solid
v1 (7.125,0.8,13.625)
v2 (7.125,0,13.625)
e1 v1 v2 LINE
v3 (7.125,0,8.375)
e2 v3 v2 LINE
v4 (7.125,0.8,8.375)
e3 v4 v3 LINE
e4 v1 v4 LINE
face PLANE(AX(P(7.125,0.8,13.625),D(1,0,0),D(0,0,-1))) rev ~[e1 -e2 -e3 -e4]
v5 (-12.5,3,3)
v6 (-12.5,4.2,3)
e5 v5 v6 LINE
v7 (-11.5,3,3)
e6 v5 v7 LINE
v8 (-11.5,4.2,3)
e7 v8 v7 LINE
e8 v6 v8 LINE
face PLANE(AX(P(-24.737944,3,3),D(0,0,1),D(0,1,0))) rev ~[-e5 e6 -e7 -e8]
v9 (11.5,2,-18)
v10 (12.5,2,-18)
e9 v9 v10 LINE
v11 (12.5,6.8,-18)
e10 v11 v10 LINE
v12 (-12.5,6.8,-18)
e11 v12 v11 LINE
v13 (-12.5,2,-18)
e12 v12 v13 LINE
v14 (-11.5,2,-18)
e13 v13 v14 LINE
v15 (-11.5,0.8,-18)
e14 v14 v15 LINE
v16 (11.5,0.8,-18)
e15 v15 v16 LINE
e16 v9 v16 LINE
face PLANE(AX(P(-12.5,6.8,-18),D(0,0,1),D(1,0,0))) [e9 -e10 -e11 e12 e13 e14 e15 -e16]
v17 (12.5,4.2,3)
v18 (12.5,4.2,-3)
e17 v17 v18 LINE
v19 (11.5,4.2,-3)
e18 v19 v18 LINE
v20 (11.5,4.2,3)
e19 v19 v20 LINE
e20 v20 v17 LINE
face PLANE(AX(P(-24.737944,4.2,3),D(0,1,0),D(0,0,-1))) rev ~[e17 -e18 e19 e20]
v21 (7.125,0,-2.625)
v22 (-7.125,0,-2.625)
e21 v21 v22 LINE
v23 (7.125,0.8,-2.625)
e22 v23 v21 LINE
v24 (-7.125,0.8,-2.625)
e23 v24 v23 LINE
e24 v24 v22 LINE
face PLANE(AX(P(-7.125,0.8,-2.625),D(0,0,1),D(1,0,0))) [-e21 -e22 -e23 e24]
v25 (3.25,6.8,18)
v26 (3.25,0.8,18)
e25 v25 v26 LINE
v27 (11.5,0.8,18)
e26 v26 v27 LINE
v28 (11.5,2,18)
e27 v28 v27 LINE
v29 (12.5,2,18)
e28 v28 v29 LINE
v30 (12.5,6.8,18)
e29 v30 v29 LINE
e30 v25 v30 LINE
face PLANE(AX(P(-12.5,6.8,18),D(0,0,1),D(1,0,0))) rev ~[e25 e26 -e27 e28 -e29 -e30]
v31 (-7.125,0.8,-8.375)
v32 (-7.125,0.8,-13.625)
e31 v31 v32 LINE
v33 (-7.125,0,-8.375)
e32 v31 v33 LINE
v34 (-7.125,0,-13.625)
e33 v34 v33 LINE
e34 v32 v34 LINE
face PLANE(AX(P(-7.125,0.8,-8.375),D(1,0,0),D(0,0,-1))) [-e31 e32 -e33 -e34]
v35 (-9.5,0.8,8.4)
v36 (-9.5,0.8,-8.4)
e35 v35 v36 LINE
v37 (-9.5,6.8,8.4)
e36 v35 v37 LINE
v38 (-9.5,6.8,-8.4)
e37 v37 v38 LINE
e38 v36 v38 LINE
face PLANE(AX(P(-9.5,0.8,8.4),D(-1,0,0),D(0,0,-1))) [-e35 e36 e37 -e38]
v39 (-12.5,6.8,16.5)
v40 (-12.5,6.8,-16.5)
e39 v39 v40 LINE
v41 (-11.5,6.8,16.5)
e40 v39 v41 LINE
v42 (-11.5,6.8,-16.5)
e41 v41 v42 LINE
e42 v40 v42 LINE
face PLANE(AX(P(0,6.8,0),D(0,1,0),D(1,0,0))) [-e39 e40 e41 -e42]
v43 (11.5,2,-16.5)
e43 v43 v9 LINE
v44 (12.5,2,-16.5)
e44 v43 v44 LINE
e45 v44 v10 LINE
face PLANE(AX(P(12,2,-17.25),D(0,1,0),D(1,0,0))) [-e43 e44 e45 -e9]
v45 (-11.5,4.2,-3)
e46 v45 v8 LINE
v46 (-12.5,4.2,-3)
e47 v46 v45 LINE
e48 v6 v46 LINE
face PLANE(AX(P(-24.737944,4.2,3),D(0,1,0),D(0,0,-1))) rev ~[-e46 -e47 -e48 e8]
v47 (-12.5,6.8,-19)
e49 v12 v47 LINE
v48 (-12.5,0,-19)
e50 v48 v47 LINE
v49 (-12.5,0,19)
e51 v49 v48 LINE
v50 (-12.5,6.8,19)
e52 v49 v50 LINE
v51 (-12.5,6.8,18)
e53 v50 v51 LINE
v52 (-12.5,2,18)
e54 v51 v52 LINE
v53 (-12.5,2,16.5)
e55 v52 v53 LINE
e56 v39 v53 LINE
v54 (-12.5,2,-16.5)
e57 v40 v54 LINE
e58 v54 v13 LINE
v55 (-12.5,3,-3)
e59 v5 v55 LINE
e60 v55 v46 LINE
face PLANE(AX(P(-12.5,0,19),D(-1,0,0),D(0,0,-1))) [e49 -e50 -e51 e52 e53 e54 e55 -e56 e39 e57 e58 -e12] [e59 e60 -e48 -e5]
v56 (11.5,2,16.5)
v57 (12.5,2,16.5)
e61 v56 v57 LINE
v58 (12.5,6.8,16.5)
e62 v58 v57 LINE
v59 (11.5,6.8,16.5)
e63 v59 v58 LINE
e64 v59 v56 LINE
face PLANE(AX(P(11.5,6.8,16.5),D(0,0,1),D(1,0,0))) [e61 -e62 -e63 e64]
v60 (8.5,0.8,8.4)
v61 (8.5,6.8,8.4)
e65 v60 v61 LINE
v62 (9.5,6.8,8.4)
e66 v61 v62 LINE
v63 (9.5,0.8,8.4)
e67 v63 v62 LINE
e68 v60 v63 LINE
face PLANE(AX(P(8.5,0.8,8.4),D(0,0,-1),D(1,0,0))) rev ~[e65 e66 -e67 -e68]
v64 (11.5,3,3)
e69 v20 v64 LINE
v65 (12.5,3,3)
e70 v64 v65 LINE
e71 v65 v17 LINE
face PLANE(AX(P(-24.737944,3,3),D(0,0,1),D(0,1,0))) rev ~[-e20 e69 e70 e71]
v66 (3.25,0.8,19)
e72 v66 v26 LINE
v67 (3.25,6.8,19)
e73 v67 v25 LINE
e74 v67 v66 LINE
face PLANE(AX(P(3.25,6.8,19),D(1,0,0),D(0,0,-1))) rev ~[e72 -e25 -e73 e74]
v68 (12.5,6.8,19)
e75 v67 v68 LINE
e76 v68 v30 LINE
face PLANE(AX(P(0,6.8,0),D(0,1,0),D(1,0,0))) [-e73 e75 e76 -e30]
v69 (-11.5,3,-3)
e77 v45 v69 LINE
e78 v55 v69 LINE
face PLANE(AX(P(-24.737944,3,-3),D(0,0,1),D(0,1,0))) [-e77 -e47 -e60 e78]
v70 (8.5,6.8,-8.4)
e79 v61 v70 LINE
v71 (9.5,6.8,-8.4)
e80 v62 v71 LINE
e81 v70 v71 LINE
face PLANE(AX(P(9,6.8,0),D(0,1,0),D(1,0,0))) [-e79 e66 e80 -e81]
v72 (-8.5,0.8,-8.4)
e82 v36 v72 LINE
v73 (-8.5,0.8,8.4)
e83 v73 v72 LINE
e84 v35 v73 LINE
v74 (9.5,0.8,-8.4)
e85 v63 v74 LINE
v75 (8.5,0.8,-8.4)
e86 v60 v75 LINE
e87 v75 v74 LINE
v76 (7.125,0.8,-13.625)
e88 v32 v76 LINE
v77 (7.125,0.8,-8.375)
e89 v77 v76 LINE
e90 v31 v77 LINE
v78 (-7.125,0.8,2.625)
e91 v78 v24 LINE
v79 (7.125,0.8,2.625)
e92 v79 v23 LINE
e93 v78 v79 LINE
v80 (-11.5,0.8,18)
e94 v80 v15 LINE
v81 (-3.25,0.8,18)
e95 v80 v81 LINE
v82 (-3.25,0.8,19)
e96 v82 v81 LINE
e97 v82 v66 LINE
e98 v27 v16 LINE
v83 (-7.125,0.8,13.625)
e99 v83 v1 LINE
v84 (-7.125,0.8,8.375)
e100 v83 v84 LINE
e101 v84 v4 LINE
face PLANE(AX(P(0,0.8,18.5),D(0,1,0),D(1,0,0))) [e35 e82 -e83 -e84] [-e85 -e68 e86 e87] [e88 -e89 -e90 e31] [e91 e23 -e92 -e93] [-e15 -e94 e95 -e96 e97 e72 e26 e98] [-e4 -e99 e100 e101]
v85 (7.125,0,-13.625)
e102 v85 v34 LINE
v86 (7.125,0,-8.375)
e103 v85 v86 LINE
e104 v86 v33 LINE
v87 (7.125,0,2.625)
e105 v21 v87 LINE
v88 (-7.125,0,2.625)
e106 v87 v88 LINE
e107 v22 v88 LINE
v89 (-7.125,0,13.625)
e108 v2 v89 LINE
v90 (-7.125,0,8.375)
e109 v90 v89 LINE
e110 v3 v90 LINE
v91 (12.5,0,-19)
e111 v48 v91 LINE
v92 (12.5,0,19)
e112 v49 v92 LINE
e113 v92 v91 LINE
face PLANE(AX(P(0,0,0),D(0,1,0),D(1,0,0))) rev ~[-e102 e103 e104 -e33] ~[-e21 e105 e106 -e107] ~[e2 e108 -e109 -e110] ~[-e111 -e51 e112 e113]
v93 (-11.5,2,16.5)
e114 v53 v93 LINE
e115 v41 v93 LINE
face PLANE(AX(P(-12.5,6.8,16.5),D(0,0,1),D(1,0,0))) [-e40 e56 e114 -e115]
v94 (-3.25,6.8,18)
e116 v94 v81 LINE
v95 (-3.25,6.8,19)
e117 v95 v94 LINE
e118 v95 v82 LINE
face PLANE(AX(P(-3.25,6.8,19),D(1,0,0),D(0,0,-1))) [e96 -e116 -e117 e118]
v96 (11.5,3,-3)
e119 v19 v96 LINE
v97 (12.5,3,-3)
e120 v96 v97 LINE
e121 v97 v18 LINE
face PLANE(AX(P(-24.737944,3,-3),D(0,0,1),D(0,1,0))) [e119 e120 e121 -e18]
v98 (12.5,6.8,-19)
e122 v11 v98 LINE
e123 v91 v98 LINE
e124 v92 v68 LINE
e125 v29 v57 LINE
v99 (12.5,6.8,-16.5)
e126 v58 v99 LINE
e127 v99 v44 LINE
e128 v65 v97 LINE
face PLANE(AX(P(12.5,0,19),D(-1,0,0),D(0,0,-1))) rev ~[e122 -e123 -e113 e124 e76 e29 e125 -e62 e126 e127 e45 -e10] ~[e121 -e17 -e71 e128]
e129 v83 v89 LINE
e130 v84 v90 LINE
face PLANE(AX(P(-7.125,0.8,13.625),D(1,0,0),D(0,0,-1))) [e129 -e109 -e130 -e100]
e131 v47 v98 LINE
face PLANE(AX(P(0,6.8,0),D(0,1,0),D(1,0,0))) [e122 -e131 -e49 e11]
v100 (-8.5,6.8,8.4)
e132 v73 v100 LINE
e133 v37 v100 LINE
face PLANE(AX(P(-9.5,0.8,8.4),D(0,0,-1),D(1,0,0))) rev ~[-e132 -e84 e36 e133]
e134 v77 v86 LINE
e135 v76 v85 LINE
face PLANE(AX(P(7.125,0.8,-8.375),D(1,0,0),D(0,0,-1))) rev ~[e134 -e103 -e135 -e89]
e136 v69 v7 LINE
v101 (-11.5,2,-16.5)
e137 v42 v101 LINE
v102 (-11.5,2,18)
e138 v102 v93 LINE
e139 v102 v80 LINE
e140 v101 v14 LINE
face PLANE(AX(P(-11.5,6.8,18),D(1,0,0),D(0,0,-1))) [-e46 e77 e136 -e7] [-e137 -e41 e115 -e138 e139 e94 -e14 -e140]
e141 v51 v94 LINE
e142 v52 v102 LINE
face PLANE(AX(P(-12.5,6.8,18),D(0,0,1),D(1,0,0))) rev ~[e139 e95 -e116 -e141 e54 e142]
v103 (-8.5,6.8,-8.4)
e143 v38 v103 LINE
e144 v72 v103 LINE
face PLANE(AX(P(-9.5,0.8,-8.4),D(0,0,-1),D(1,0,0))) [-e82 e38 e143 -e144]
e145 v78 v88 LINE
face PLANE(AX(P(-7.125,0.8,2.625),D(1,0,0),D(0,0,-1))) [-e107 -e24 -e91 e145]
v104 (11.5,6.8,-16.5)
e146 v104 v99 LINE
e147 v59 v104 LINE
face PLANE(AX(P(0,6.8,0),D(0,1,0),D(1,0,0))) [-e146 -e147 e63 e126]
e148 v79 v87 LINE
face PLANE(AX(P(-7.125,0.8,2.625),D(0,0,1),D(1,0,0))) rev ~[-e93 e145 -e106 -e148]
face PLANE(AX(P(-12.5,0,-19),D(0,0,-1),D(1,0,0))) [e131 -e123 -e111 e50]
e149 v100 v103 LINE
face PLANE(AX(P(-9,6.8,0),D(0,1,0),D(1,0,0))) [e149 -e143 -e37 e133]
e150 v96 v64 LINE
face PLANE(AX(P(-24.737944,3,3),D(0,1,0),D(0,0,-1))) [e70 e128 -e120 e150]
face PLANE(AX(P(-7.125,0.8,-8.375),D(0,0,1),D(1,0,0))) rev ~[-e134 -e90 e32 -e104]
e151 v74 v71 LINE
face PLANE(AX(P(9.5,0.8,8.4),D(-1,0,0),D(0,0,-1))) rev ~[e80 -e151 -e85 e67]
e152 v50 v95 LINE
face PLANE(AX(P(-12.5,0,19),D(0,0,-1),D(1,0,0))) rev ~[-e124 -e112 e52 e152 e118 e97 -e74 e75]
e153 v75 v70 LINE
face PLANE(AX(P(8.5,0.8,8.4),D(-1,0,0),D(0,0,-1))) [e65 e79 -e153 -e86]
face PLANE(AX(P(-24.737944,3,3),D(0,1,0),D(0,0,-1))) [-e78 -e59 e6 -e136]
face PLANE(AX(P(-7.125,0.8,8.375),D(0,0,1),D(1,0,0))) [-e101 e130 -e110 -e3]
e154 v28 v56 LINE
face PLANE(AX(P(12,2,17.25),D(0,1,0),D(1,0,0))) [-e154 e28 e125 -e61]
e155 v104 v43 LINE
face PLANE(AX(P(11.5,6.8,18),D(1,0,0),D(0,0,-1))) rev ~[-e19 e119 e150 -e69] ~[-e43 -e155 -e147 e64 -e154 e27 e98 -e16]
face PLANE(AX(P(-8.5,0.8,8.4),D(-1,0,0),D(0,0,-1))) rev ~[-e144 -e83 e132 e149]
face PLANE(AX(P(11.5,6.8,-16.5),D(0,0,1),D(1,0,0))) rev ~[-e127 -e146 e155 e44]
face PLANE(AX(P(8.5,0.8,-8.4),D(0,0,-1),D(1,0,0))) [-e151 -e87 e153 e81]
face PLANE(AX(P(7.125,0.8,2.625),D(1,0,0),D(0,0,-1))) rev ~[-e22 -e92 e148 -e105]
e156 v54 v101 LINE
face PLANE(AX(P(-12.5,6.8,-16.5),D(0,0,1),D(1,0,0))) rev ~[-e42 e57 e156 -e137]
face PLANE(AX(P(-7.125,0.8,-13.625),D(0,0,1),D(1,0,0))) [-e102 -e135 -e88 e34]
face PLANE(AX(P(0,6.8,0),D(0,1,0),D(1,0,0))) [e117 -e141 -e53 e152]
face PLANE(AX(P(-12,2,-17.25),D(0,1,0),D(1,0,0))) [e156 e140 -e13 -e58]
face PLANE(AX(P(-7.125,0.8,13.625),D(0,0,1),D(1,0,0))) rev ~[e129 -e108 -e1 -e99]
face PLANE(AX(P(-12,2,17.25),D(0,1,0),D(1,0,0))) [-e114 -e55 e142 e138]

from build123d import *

# Parameters (mm, degrees)
SKETCH1_W                      = 25
SKETCH1_H                      = 38
BOSS_EXTRUDE1_DEPTH            = 6.8
SKETCH2_W                      = 23
SKETCH2_H                      = 36
CUT_EXTRUDE1_DEPTH             = 6
SKETCH2_3_W                    = 1
SKETCH2_3_H                    = 1.5
CUT_EXTRUDE2_DEPTH             = 4.8
CUT_EXTRUDE3_DEPTH             = 24.737944309
CUT_EXTRUDE3_DEPTH_BACK        = 24.737944309
SKETCH3_W                      = 6
SKETCH3_H                      = 1.2
CUT_EXTRUDE4_REACH             = 25.521
SKETCH4_W                      = 14.25
SKETCH4_H                      = 5.25
CUT_EXTRUDE4_DIRECTION_2_DEPTH = 24.521266973
SKETCH5_W                      = 1
SKETCH5_H                      = 16.8
BOSS_EXTRUDE2_DEPTH            = 6
SKETCH6_W                      = 6.5
SKETCH6_H                      = 1
CUT_EXTRUDE5_DEPTH             = 6


with BuildPart() as part:
    # Sketch1 → Boss-Extrude1 (new body)
    with BuildSketch(Plane(origin=(0, 0, 0), x_dir=(1, 0, 0), z_dir=(0, 1, 0))):
        Rectangle(SKETCH1_W, SKETCH1_H)
    extrude(amount=BOSS_EXTRUDE1_DEPTH)

    # Sketch2 → Cut-Extrude1 (cut)
    with BuildSketch(Plane(origin=(0, 6.8, 0), x_dir=(1, 0, 0), z_dir=(0, 1, 0))):
        Rectangle(SKETCH2_W, SKETCH2_H)
    extrude(amount=-CUT_EXTRUDE1_DEPTH, mode=Mode.SUBTRACT)

    # Sketch2<3> → Cut-Extrude2 (cut)
    with BuildSketch(Plane(origin=(0, 6.8, 0), x_dir=(1, 0, 0), z_dir=(0, 1, 0))):
        with Locations((-12, 17.25)):
            Rectangle(SKETCH2_3_W, SKETCH2_3_H)
        with Locations((12, 17.25)):
            Rectangle(SKETCH2_3_W, SKETCH2_3_H)
        with Locations((-12, -17.25)):
            Rectangle(SKETCH2_3_W, SKETCH2_3_H)
        with Locations((12, -17.25)):
            Rectangle(SKETCH2_3_W, SKETCH2_3_H)
    extrude(amount=-CUT_EXTRUDE2_DEPTH, mode=Mode.SUBTRACT)

    # Sketch3 → Cut-Extrude3 (cut, two sides: drawn at the far end of the back side and taken through both)
    with BuildSketch(Plane(origin=(0, 0, 0), x_dir=(0, 0, -1), z_dir=(1, 0, 0)).offset(-CUT_EXTRUDE3_DEPTH_BACK)):
        with Locations((0, 3.6)):
            Rectangle(SKETCH3_W, SKETCH3_H)
    extrude(amount=CUT_EXTRUDE3_DEPTH + CUT_EXTRUDE3_DEPTH_BACK, mode=Mode.SUBTRACT)

    # Sketch4 → Cut-Extrude4 (cut, up to next)
    with BuildSketch(Plane(origin=(0, 0.8, 0), x_dir=(1, 0, 0), z_dir=(0, 1, 0)), mode=Mode.PRIVATE) as cut_extrude4_sk1:
        with Locations((0, -11)):
            Rectangle(SKETCH4_W, SKETCH4_H)
    cut_extrude4_tool1 = extrude(cut_extrude4_sk1.sketch, amount=-CUT_EXTRUDE4_REACH, mode=Mode.PRIVATE) & part.part
    # Sketch4 → Cut-Extrude4 (cut, up to next)
    with BuildSketch(Plane(origin=(0, 0.8, 0), x_dir=(1, 0, 0), z_dir=(0, 1, 0)), mode=Mode.PRIVATE) as cut_extrude4_sk2:
        Rectangle(SKETCH4_W, SKETCH4_H)
    cut_extrude4_tool2 = extrude(cut_extrude4_sk2.sketch, amount=-CUT_EXTRUDE4_REACH, mode=Mode.PRIVATE) & part.part
    # Sketch4 → Cut-Extrude4 (cut, up to next)
    with BuildSketch(Plane(origin=(0, 0.8, 0), x_dir=(1, 0, 0), z_dir=(0, 1, 0)), mode=Mode.PRIVATE) as cut_extrude4_sk3:
        with Locations((0, 11)):
            Rectangle(SKETCH4_W, SKETCH4_H)
    cut_extrude4_tool3 = extrude(cut_extrude4_sk3.sketch, amount=-CUT_EXTRUDE4_REACH, mode=Mode.PRIVATE) & part.part
    add(cut_extrude4_tool1.solids().sort_by_distance((0, 0.8, 11))[0], mode=Mode.SUBTRACT)
    add(cut_extrude4_tool2.solids().sort_by_distance((0, 0.8, 0))[0], mode=Mode.SUBTRACT)
    add(cut_extrude4_tool3.solids().sort_by_distance((0, 0.8, -11))[0], mode=Mode.SUBTRACT)

    # Sketch4 → Cut-Extrude4 direction 2 (cut)
    with BuildSketch(Plane(origin=(0, 0.8, 0), x_dir=(1, 0, 0), z_dir=(0, 1, 0))):
        with Locations((0, -11)):
            Rectangle(SKETCH4_W, SKETCH4_H)
        Rectangle(SKETCH4_W, SKETCH4_H)
        with Locations((0, 11)):
            Rectangle(SKETCH4_W, SKETCH4_H)
    extrude(amount=CUT_EXTRUDE4_DIRECTION_2_DEPTH, mode=Mode.SUBTRACT)

    # Sketch5 → Boss-Extrude2 (add)
    with BuildSketch(Plane(origin=(0, 0.8, 0), x_dir=(1, 0, 0), z_dir=(0, 1, 0))):
        with Locations((-9, 0)):
            Rectangle(SKETCH5_W, SKETCH5_H)
        with Locations((9, 0)):
            Rectangle(SKETCH5_W, SKETCH5_H)
    extrude(amount=BOSS_EXTRUDE2_DEPTH)

    # Sketch6 → Cut-Extrude5 (cut)
    with BuildSketch(Plane(origin=(0, 6.8, 0), x_dir=(1, 0, 0), z_dir=(0, 1, 0))):
        with Locations((0, -18.5)):
            Rectangle(SKETCH6_W, SKETCH6_H)
    extrude(amount=-CUT_EXTRUDE5_DEPTH, mode=Mode.SUBTRACT)


solid = part.part
